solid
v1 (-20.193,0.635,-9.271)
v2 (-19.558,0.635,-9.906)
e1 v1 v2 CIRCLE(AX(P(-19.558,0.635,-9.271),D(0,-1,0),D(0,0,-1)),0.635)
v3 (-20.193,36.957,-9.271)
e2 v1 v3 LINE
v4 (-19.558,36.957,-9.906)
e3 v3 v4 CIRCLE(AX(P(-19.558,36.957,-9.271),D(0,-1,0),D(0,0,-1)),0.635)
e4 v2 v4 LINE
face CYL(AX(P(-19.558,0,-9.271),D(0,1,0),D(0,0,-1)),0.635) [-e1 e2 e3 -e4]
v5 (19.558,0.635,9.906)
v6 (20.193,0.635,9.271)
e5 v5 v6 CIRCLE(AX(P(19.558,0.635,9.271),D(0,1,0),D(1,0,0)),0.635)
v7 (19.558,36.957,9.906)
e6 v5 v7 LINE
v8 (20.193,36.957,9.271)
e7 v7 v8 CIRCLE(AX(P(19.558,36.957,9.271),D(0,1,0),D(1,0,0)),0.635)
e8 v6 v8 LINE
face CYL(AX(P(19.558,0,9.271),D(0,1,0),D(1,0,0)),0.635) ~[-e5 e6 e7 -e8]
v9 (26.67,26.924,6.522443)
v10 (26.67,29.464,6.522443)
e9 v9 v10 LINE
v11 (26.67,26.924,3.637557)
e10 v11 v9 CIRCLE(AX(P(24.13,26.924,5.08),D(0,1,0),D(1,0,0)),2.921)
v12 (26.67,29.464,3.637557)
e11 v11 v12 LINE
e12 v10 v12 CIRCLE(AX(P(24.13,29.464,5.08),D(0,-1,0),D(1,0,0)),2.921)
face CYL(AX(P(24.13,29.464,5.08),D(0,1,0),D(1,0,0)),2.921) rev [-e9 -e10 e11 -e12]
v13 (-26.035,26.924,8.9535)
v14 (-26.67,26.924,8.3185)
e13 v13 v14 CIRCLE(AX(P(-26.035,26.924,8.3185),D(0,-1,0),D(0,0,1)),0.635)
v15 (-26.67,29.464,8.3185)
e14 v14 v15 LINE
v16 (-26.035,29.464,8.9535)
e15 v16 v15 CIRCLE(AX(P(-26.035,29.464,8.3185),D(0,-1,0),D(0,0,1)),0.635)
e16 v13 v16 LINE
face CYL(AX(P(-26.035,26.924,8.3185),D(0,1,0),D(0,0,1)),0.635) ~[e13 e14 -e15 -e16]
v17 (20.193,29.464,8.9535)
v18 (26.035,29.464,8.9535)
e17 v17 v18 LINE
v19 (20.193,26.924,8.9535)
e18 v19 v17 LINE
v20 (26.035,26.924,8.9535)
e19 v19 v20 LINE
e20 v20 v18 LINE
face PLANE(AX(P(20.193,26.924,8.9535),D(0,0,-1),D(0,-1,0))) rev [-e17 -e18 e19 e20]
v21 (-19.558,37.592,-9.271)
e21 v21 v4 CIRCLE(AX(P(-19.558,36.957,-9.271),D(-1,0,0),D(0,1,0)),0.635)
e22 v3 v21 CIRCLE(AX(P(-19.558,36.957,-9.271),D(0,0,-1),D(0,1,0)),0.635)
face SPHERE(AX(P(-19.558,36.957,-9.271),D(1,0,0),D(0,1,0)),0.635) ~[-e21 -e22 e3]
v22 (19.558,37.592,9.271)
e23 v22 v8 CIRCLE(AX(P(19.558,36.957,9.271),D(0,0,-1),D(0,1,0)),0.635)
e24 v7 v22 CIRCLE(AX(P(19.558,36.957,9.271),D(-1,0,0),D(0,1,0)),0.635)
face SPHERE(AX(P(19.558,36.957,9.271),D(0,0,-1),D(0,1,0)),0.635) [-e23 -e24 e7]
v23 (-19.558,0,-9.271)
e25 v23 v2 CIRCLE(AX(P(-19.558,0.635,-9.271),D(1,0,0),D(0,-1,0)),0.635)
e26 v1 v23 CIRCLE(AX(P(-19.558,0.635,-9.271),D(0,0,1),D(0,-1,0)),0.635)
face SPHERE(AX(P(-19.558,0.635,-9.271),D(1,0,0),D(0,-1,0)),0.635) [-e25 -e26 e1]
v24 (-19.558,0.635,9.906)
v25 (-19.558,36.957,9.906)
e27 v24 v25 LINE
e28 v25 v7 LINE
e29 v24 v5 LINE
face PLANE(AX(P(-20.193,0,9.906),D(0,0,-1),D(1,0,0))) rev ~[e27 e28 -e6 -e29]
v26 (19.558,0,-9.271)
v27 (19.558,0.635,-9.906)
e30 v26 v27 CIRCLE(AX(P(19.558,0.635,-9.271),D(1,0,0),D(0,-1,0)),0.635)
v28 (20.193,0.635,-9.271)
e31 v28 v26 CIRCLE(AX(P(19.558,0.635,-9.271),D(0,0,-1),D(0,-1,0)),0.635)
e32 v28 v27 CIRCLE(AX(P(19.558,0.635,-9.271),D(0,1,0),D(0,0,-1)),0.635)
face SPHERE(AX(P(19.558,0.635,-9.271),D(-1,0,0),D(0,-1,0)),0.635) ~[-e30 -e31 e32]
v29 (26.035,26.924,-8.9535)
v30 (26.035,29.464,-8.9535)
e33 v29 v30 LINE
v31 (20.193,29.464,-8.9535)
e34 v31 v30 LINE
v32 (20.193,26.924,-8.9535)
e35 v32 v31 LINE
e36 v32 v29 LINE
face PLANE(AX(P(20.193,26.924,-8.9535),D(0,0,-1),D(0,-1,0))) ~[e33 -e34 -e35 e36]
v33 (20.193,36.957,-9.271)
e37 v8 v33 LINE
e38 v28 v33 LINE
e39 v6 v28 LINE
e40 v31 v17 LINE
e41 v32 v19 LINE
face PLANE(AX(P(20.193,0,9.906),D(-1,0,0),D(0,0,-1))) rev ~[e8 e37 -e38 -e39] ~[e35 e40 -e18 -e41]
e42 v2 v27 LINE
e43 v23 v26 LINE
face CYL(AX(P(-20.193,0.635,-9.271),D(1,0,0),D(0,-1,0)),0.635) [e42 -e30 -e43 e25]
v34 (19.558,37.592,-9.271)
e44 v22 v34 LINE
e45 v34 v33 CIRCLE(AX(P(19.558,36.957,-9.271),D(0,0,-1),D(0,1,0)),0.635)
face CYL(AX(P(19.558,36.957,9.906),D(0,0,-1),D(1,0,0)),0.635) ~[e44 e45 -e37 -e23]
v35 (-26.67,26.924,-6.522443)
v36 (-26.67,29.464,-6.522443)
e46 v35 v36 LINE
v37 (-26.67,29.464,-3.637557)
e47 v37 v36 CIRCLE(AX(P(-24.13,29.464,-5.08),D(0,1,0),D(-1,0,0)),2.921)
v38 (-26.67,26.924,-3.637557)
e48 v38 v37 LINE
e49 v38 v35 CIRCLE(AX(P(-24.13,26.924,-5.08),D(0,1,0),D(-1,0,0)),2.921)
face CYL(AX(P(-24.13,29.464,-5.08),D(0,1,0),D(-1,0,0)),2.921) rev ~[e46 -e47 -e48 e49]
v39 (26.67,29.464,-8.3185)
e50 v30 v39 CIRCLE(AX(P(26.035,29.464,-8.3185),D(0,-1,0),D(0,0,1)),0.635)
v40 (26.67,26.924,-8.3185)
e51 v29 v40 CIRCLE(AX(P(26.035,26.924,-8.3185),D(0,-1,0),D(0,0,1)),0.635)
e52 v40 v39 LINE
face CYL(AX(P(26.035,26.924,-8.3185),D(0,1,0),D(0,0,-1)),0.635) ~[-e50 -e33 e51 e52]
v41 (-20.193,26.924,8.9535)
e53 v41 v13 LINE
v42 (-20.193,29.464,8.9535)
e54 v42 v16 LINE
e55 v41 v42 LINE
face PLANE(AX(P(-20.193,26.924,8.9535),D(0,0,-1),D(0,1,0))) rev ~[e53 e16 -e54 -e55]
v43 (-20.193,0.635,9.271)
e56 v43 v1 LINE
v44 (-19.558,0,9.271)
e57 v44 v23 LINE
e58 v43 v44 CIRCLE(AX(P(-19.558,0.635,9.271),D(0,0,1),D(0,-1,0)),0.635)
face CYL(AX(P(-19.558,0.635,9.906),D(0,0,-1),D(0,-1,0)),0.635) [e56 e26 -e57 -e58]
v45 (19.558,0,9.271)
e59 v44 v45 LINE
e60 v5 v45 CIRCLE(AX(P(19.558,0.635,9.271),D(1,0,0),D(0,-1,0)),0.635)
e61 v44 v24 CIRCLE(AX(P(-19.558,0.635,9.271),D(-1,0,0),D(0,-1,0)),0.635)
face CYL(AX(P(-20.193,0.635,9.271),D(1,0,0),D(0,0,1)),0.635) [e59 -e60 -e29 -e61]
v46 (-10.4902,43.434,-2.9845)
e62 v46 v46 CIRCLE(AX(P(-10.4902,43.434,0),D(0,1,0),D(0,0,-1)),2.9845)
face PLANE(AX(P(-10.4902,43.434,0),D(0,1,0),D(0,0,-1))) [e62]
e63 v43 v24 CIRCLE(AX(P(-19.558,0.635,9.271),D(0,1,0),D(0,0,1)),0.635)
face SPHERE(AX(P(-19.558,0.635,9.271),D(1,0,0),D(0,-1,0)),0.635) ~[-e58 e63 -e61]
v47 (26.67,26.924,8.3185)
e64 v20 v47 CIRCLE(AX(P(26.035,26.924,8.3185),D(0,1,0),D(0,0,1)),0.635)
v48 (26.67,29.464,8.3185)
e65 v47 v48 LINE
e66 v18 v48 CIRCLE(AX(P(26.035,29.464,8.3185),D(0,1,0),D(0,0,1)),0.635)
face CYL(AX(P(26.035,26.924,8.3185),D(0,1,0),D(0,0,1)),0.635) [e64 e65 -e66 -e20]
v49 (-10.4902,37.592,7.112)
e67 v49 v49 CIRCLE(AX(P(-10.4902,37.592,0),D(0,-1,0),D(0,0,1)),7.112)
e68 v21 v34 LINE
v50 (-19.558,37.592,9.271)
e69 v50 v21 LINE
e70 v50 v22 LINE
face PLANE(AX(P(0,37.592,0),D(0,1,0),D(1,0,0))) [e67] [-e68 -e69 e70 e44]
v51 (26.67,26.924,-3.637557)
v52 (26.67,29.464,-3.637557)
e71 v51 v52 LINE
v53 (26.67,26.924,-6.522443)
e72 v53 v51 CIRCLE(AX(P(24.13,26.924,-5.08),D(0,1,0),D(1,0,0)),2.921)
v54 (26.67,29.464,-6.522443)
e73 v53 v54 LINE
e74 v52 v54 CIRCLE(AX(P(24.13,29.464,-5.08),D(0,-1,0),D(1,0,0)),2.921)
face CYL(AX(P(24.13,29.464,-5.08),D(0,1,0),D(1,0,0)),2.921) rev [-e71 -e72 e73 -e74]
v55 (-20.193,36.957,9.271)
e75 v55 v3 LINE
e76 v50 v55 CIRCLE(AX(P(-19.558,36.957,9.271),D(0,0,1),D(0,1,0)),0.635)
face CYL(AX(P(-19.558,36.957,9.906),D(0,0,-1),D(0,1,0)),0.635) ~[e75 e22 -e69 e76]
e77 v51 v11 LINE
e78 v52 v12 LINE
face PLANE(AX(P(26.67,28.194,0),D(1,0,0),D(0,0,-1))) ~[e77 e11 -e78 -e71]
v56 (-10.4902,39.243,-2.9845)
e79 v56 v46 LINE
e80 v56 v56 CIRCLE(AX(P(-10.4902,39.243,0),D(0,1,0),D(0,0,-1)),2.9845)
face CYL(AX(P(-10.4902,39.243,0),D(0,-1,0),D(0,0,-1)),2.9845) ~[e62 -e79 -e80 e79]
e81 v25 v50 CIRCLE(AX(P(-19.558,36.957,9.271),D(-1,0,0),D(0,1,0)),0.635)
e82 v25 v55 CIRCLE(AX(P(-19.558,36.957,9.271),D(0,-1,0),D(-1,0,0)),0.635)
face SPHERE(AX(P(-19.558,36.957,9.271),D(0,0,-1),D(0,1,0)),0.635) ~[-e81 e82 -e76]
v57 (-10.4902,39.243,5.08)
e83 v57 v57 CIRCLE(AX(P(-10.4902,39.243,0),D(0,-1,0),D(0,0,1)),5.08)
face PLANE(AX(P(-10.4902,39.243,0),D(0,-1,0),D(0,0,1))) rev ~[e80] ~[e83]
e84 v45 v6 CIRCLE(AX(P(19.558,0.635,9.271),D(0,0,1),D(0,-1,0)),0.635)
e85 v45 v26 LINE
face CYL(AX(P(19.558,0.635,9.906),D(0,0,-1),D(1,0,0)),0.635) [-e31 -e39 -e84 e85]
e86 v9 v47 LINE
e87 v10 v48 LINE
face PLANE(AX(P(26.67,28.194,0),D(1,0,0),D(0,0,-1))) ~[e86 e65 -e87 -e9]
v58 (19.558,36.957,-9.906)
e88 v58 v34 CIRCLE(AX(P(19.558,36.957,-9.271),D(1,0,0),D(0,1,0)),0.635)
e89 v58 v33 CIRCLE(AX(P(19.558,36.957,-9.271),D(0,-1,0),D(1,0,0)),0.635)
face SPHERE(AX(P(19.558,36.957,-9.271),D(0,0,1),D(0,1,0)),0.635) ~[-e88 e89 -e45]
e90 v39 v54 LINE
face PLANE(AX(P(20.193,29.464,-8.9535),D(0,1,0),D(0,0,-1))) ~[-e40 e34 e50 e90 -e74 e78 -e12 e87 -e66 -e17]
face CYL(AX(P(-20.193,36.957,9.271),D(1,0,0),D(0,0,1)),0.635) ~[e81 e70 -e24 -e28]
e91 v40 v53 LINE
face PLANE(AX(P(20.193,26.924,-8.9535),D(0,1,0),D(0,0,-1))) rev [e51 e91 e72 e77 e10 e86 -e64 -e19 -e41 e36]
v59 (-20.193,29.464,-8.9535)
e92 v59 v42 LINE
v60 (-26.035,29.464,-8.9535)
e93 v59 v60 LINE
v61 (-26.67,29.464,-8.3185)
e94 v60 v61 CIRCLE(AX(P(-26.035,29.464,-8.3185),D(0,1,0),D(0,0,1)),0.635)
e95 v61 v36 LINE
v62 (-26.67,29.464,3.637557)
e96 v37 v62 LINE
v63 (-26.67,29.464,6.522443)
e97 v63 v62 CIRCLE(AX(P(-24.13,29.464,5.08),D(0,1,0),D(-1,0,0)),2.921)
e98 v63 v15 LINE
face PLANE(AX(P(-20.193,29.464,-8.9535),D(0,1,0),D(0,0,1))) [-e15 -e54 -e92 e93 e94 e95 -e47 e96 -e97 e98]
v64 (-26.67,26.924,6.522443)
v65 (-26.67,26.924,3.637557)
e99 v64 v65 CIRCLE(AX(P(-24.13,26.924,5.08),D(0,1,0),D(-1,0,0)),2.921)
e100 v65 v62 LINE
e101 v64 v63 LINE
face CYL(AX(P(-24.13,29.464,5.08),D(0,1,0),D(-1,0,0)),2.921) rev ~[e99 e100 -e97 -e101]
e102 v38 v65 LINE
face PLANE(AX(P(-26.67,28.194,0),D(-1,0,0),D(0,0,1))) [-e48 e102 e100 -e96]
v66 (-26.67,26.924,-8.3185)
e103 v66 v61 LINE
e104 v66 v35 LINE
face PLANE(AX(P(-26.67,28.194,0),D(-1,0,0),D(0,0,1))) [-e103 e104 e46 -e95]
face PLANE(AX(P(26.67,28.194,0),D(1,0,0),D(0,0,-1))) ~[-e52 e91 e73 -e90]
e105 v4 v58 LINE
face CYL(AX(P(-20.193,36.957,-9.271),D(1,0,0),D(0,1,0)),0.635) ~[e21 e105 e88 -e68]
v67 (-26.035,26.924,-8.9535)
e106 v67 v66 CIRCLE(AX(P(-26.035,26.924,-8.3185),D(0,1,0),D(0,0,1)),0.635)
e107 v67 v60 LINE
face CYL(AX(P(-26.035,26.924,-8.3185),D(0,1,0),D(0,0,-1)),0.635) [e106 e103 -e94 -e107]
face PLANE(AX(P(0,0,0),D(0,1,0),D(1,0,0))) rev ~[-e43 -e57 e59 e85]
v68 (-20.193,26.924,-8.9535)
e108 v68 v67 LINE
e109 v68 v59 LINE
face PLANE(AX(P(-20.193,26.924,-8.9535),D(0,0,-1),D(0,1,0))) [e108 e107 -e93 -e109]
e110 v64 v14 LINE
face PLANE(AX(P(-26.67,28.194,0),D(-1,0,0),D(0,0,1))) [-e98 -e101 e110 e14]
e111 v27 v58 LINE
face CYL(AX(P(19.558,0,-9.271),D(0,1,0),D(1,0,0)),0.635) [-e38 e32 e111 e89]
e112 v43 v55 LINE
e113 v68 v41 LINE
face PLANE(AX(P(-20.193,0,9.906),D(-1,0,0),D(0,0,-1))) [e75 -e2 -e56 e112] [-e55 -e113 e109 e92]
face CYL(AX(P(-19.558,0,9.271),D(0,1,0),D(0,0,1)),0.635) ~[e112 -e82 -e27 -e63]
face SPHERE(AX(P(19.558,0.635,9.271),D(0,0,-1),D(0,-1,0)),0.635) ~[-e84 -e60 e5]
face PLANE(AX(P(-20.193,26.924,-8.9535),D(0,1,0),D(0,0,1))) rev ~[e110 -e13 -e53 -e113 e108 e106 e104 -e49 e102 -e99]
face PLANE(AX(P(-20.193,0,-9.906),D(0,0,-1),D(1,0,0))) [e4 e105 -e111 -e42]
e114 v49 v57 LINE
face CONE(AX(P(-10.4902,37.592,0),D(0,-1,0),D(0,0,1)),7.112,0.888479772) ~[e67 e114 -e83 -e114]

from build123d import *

# Parameters (mm, degrees)
BODY_W                      = 40.386
BODY_H                      = 19.812
SERVO_BODY_DEPTH            = 37.592
TAB_W                       = 17.907
TAB_H                       = 2.54
MOUNTING_TAB_DEPTH          = 6.477
FILLET1_R                   = 0.635
HOLES_R                     = 2.921
MOUNTING_HOLES_DEPTH        = 41.957844572
FILLET1_OF_MOUNTING_TAB_2_R = 0.635
SHAFT_R                     = 2.9845
SPLINE_SHAFT_DEPTH          = 4.191
FILLET2_R                   = 0.635


with BuildPart() as part:
    # body → servo_body (new body)
    with BuildSketch(Plane(origin=(0, 0, 0), x_dir=(1, 0, 0), z_dir=(0, 1, 0))):
        Rectangle(BODY_W, BODY_H)
    extrude(amount=SERVO_BODY_DEPTH)

    # tab → mounting_tab (add)
    with BuildSketch(Plane.ZY.offset(20.193)):
        with Locations((0, 28.194)):
            Rectangle(TAB_W, TAB_H)
    mounting_tab = extrude(amount=MOUNTING_TAB_DEPTH)

    # Fillet1
    fillet1_edges = [part.edges().sort_by_distance(p)[0] for p in [
        (-26.67, 28.194, -8.9535),
        (-26.67, 28.194, 8.9535),
    ]]
    fillet(fillet1_edges, radius=FILLET1_R)

    # holes → mounting_holes (cut, through all)
    with BuildSketch(Plane(origin=(0, 29.464, 0), x_dir=(-1, 0, 0), z_dir=(0, 1, 0))):
        with Locations((24.13, -5.08)):
            Circle(HOLES_R)
        with Locations((24.13, 5.08)):
            Circle(HOLES_R)
    mounting_holes = extrude(amount=-MOUNTING_HOLES_DEPTH, mode=Mode.SUBTRACT)

    # mounting_tab_2: mounting_tab, mounting_holes across plane
    add(mounting_tab.mirror(Plane(origin=(0, 0, 0), x_dir=(0, 0, 1), z_dir=(1, 0, 0))))
    add(mounting_holes.mirror(Plane(origin=(0, 0, 0), x_dir=(0, 0, 1), z_dir=(1, 0, 0))), mode=Mode.SUBTRACT)

    # Fillet1 of mounting_tab_2
    fillet1_of_mounting_tab_2_edges = [part.edges().sort_by_distance(p)[0] for p in [
        (26.67, 28.194, -8.9535),
        (26.67, 28.194, 8.9535),
    ]]
    fillet(fillet1_of_mounting_tab_2_edges, radius=FILLET1_OF_MOUNTING_TAB_2_R)

    # Sketch4 → Boss-Revolve1 (revolve)
    with BuildSketch(Plane.XY, mode=Mode.PRIVATE) as boss_revolve1_sk:
        Polygon((-10.4902, 37.592), (-3.3782, 37.592), (-5.4102, 39.243), (-10.4902, 39.243), align=None)
    revolve(boss_revolve1_sk.sketch.rotate(Axis((-10.4902, 39.598741813, 0), (0, -1, 0)), 90), axis=Axis((-10.4902, 39.598741813, 0), (0, -1, 0)))

    # shaft → spline_shaft (add)
    with BuildSketch(Plane(origin=(0, 39.243, 0), x_dir=(-1, 0, 0), z_dir=(0, 1, 0))):
        with Locations(Location((10.4902, 0, 0), (0, 0, 270))):
            Circle(SHAFT_R)
    extrude(amount=SPLINE_SHAFT_DEPTH)

    # Fillet2
    fillet2_edges = [part.edges().sort_by_distance(p)[0] for p in [
        (20.193, 37.592, 0),
        (0, 37.592, -9.906),
        (-20.193, 37.592, 0),
        (0, 0, -9.906),
        (20.193, 0, 0),
        (0, 0, 9.906),
        (-20.193, 0, 0),
        (0, 37.592, 9.906),
        (-20.193, 18.796, -9.906),
        (20.193, 18.796, -9.906),
        (20.193, 18.796, 9.906),
        (-20.193, 18.796, 9.906),
    ]]
    fillet(fillet2_edges, radius=FILLET2_R)


solid = part.part
